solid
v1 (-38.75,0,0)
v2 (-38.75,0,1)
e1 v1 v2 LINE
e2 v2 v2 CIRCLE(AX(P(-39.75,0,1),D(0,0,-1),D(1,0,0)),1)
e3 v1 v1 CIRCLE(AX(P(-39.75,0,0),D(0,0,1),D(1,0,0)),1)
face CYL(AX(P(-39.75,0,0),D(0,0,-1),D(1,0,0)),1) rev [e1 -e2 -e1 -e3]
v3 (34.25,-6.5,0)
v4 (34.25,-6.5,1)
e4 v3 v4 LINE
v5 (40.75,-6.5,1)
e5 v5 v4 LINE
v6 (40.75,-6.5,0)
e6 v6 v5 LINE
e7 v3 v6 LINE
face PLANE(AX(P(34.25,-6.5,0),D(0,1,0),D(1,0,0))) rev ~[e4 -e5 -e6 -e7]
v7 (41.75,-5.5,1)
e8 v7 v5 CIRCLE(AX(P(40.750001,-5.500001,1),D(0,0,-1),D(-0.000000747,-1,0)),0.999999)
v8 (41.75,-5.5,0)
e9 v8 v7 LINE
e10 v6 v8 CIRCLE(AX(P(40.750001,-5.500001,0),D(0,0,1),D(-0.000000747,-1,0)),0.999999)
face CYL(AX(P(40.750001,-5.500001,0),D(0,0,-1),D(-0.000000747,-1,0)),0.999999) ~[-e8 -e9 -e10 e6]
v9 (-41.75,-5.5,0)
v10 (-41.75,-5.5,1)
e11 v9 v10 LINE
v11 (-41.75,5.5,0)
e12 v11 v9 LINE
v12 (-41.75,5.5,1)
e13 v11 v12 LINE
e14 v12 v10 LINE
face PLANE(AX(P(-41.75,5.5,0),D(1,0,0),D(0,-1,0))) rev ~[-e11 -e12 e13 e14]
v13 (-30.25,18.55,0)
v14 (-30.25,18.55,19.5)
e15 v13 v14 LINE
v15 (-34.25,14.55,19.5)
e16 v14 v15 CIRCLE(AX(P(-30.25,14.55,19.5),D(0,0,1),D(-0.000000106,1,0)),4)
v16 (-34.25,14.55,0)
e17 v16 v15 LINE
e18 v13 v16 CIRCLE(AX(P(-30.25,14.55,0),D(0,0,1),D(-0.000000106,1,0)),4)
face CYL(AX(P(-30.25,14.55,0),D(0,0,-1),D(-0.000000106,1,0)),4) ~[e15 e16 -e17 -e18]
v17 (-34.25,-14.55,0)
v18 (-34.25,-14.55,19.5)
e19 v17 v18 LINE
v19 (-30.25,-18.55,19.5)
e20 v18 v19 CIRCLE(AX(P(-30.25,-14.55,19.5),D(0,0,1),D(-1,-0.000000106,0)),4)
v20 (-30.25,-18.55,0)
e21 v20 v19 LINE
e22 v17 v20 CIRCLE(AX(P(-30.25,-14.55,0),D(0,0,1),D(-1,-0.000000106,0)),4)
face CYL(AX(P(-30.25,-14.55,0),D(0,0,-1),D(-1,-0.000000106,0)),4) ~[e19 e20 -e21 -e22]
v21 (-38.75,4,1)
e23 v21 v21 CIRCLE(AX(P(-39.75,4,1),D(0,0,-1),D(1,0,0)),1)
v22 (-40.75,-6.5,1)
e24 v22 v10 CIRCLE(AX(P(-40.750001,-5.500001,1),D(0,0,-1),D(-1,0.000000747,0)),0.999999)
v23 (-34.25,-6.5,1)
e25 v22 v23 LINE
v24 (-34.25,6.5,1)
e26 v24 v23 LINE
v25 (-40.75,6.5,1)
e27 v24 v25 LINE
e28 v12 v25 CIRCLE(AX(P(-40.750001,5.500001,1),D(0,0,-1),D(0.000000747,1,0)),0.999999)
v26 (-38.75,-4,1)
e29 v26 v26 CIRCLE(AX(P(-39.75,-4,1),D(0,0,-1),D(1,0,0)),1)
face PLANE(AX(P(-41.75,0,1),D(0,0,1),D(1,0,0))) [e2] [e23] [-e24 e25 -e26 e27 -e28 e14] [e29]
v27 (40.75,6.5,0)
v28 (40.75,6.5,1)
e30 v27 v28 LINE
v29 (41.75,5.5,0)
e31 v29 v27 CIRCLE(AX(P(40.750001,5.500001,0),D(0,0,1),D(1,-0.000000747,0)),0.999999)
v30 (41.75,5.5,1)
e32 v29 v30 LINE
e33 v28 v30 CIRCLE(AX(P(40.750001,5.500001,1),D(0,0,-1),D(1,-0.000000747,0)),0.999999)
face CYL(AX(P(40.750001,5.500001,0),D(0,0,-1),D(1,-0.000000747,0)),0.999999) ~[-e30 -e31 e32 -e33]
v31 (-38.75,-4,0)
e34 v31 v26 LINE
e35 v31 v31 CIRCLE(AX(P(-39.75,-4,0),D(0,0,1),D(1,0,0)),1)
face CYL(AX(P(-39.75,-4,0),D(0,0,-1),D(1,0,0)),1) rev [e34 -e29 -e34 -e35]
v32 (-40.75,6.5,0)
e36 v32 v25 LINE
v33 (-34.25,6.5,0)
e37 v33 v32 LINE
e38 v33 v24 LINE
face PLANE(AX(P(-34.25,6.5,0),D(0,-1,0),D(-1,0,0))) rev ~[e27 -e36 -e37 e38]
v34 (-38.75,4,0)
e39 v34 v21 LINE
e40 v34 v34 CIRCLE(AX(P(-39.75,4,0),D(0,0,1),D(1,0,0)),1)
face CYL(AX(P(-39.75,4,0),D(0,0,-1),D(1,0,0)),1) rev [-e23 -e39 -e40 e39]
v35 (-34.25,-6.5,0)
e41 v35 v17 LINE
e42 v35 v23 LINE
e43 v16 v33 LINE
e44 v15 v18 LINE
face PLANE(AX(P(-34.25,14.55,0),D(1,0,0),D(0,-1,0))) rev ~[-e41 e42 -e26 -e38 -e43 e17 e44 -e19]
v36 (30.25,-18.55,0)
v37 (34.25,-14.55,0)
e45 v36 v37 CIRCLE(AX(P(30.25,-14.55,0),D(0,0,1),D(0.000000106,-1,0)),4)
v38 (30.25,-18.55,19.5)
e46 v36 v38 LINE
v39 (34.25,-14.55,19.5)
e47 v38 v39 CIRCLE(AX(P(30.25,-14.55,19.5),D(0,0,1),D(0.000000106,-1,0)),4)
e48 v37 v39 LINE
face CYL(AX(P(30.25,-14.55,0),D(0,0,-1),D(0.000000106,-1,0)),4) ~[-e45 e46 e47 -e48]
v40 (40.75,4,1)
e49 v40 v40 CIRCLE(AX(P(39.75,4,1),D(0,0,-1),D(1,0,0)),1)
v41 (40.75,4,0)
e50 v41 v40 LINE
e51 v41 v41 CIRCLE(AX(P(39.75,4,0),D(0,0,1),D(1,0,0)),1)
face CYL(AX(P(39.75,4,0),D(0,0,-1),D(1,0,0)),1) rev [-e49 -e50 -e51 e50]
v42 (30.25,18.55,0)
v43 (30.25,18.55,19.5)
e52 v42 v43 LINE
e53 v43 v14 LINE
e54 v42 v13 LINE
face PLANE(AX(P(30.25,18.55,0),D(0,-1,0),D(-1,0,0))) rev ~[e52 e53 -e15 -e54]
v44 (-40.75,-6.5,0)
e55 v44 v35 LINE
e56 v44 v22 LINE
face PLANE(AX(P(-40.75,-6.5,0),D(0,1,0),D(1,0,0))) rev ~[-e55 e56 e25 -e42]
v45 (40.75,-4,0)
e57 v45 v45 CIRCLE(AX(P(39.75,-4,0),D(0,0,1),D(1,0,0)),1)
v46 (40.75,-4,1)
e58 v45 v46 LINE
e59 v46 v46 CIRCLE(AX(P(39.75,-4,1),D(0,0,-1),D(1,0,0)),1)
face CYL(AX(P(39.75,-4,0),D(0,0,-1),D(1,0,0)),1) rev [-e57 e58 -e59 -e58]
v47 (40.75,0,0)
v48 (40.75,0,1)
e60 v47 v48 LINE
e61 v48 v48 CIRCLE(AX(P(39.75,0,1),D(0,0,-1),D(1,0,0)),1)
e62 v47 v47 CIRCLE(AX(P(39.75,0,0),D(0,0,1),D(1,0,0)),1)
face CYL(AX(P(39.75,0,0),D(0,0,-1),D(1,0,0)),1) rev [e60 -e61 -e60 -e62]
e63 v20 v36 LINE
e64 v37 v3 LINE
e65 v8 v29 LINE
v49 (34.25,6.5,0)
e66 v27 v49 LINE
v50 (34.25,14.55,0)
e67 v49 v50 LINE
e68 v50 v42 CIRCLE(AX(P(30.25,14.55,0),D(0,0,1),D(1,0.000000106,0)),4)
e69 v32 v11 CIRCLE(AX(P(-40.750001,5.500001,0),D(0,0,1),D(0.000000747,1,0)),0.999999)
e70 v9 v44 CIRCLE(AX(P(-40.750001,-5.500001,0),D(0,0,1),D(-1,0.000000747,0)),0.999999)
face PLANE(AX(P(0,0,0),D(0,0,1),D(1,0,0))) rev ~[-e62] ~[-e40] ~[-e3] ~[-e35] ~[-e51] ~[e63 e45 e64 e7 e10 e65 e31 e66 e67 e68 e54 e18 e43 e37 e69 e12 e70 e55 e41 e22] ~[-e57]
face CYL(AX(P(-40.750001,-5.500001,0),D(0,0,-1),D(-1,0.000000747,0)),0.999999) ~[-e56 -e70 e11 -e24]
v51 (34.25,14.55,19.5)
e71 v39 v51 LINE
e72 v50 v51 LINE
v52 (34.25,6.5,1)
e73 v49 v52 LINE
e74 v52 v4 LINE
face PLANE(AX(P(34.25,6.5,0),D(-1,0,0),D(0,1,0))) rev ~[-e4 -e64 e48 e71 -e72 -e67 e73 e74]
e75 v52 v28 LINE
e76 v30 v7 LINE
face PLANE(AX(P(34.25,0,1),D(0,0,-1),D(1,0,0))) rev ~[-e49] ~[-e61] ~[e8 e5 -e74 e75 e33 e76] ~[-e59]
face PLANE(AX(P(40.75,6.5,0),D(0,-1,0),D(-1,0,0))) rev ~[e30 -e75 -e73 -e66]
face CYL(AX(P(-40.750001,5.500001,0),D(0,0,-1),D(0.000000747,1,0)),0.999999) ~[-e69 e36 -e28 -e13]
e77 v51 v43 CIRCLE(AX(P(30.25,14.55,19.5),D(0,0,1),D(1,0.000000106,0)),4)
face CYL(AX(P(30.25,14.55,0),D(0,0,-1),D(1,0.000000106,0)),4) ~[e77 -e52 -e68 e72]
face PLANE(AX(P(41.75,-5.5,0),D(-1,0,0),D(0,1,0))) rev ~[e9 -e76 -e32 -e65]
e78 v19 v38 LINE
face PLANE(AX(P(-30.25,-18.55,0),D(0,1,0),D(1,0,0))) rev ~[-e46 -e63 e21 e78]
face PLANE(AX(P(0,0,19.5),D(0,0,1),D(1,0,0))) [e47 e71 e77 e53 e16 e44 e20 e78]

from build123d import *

# Parameters (mm, degrees)
F0_R     = 1
F1_DEPTH = 19.5
F2_W     = 7.5
F2_H     = 18.5
F3_DEPTH = 12.5


with BuildPart() as f1:
    # F0 (on Top) → F1 (new body)
    with BuildSketch(Plane.XY):
        with BuildLine():
            Line((30.25, 18.55), (-30.25, 18.55))
            ThreePointArc((-30.25, 18.55), (-33.078427, 17.378427), (-34.25, 14.55))
            Line((-34.25, 14.55), (-34.25, 6.5))
            Line((-34.25, 6.5), (-34.25, -6.5))
            Line((-34.25, -6.5), (-34.25, -14.55))
            ThreePointArc((-34.25, -14.55), (-33.078427, -17.378427), (-30.25, -18.55))
            Line((-30.25, -18.55), (30.25, -18.55))
            ThreePointArc((30.25, -18.55), (33.078427, -17.378427), (34.25, -14.55))
            Line((34.25, -14.55), (34.25, -6.5))
            Line((34.25, -6.5), (34.25, 6.5))
            Line((34.25, 6.5), (34.25, 14.55))
            ThreePointArc((34.25, 14.55), (33.078427, 17.378427), (30.25, 18.55))
        make_face()
        with BuildLine():
            Line((-34.25, -6.5), (-34.25, 6.5))
            Line((-34.25, 6.5), (-40.75, 6.5))
            ThreePointArc((-40.75, 6.5), (-41.457107, 6.207107), (-41.75, 5.5))
            Line((-41.75, 5.5), (-41.75, -5.5))
            ThreePointArc((-41.75, -5.5), (-41.457107, -6.207107), (-40.75, -6.5))
            Line((-40.75, -6.5), (-34.25, -6.5))
        make_face()
        with Locations((-39.75, -4)):
            Circle(F0_R, mode=Mode.SUBTRACT)
        with Locations((-39.75, 0)):
            Circle(F0_R, mode=Mode.SUBTRACT)
        with Locations((-39.75, 4)):
            Circle(F0_R, mode=Mode.SUBTRACT)
        with BuildLine():
            Line((40.75, 6.5), (34.25, 6.5))
            Line((34.25, 6.5), (34.25, -6.5))
            Line((34.25, -6.5), (40.75, -6.5))
            ThreePointArc((40.75, -6.5), (41.457107, -6.207107), (41.75, -5.5))
            Line((41.75, -5.5), (41.75, 5.5))
            ThreePointArc((41.75, 5.5), (41.457107, 6.207107), (40.75, 6.5))
        make_face()
        with Locations((39.75, -4)):
            Circle(F0_R, mode=Mode.SUBTRACT)
        with Locations((39.75, 0)):
            Circle(F0_R, mode=Mode.SUBTRACT)
        with Locations((39.75, 4)):
            Circle(F0_R, mode=Mode.SUBTRACT)
    extrude(amount=F1_DEPTH)

    # F2 (on Front) → F3 (cut, symmetric)
    with BuildSketch(Plane.XZ):
        with Locations((-38, 10.25)):
            Rectangle(F2_W, F2_H)
        with Locations((38, 10.25)):
            Rectangle(F2_W, F2_H)
    extrude(amount=F3_DEPTH, both=True, mode=Mode.SUBTRACT)


solid = f1.part
